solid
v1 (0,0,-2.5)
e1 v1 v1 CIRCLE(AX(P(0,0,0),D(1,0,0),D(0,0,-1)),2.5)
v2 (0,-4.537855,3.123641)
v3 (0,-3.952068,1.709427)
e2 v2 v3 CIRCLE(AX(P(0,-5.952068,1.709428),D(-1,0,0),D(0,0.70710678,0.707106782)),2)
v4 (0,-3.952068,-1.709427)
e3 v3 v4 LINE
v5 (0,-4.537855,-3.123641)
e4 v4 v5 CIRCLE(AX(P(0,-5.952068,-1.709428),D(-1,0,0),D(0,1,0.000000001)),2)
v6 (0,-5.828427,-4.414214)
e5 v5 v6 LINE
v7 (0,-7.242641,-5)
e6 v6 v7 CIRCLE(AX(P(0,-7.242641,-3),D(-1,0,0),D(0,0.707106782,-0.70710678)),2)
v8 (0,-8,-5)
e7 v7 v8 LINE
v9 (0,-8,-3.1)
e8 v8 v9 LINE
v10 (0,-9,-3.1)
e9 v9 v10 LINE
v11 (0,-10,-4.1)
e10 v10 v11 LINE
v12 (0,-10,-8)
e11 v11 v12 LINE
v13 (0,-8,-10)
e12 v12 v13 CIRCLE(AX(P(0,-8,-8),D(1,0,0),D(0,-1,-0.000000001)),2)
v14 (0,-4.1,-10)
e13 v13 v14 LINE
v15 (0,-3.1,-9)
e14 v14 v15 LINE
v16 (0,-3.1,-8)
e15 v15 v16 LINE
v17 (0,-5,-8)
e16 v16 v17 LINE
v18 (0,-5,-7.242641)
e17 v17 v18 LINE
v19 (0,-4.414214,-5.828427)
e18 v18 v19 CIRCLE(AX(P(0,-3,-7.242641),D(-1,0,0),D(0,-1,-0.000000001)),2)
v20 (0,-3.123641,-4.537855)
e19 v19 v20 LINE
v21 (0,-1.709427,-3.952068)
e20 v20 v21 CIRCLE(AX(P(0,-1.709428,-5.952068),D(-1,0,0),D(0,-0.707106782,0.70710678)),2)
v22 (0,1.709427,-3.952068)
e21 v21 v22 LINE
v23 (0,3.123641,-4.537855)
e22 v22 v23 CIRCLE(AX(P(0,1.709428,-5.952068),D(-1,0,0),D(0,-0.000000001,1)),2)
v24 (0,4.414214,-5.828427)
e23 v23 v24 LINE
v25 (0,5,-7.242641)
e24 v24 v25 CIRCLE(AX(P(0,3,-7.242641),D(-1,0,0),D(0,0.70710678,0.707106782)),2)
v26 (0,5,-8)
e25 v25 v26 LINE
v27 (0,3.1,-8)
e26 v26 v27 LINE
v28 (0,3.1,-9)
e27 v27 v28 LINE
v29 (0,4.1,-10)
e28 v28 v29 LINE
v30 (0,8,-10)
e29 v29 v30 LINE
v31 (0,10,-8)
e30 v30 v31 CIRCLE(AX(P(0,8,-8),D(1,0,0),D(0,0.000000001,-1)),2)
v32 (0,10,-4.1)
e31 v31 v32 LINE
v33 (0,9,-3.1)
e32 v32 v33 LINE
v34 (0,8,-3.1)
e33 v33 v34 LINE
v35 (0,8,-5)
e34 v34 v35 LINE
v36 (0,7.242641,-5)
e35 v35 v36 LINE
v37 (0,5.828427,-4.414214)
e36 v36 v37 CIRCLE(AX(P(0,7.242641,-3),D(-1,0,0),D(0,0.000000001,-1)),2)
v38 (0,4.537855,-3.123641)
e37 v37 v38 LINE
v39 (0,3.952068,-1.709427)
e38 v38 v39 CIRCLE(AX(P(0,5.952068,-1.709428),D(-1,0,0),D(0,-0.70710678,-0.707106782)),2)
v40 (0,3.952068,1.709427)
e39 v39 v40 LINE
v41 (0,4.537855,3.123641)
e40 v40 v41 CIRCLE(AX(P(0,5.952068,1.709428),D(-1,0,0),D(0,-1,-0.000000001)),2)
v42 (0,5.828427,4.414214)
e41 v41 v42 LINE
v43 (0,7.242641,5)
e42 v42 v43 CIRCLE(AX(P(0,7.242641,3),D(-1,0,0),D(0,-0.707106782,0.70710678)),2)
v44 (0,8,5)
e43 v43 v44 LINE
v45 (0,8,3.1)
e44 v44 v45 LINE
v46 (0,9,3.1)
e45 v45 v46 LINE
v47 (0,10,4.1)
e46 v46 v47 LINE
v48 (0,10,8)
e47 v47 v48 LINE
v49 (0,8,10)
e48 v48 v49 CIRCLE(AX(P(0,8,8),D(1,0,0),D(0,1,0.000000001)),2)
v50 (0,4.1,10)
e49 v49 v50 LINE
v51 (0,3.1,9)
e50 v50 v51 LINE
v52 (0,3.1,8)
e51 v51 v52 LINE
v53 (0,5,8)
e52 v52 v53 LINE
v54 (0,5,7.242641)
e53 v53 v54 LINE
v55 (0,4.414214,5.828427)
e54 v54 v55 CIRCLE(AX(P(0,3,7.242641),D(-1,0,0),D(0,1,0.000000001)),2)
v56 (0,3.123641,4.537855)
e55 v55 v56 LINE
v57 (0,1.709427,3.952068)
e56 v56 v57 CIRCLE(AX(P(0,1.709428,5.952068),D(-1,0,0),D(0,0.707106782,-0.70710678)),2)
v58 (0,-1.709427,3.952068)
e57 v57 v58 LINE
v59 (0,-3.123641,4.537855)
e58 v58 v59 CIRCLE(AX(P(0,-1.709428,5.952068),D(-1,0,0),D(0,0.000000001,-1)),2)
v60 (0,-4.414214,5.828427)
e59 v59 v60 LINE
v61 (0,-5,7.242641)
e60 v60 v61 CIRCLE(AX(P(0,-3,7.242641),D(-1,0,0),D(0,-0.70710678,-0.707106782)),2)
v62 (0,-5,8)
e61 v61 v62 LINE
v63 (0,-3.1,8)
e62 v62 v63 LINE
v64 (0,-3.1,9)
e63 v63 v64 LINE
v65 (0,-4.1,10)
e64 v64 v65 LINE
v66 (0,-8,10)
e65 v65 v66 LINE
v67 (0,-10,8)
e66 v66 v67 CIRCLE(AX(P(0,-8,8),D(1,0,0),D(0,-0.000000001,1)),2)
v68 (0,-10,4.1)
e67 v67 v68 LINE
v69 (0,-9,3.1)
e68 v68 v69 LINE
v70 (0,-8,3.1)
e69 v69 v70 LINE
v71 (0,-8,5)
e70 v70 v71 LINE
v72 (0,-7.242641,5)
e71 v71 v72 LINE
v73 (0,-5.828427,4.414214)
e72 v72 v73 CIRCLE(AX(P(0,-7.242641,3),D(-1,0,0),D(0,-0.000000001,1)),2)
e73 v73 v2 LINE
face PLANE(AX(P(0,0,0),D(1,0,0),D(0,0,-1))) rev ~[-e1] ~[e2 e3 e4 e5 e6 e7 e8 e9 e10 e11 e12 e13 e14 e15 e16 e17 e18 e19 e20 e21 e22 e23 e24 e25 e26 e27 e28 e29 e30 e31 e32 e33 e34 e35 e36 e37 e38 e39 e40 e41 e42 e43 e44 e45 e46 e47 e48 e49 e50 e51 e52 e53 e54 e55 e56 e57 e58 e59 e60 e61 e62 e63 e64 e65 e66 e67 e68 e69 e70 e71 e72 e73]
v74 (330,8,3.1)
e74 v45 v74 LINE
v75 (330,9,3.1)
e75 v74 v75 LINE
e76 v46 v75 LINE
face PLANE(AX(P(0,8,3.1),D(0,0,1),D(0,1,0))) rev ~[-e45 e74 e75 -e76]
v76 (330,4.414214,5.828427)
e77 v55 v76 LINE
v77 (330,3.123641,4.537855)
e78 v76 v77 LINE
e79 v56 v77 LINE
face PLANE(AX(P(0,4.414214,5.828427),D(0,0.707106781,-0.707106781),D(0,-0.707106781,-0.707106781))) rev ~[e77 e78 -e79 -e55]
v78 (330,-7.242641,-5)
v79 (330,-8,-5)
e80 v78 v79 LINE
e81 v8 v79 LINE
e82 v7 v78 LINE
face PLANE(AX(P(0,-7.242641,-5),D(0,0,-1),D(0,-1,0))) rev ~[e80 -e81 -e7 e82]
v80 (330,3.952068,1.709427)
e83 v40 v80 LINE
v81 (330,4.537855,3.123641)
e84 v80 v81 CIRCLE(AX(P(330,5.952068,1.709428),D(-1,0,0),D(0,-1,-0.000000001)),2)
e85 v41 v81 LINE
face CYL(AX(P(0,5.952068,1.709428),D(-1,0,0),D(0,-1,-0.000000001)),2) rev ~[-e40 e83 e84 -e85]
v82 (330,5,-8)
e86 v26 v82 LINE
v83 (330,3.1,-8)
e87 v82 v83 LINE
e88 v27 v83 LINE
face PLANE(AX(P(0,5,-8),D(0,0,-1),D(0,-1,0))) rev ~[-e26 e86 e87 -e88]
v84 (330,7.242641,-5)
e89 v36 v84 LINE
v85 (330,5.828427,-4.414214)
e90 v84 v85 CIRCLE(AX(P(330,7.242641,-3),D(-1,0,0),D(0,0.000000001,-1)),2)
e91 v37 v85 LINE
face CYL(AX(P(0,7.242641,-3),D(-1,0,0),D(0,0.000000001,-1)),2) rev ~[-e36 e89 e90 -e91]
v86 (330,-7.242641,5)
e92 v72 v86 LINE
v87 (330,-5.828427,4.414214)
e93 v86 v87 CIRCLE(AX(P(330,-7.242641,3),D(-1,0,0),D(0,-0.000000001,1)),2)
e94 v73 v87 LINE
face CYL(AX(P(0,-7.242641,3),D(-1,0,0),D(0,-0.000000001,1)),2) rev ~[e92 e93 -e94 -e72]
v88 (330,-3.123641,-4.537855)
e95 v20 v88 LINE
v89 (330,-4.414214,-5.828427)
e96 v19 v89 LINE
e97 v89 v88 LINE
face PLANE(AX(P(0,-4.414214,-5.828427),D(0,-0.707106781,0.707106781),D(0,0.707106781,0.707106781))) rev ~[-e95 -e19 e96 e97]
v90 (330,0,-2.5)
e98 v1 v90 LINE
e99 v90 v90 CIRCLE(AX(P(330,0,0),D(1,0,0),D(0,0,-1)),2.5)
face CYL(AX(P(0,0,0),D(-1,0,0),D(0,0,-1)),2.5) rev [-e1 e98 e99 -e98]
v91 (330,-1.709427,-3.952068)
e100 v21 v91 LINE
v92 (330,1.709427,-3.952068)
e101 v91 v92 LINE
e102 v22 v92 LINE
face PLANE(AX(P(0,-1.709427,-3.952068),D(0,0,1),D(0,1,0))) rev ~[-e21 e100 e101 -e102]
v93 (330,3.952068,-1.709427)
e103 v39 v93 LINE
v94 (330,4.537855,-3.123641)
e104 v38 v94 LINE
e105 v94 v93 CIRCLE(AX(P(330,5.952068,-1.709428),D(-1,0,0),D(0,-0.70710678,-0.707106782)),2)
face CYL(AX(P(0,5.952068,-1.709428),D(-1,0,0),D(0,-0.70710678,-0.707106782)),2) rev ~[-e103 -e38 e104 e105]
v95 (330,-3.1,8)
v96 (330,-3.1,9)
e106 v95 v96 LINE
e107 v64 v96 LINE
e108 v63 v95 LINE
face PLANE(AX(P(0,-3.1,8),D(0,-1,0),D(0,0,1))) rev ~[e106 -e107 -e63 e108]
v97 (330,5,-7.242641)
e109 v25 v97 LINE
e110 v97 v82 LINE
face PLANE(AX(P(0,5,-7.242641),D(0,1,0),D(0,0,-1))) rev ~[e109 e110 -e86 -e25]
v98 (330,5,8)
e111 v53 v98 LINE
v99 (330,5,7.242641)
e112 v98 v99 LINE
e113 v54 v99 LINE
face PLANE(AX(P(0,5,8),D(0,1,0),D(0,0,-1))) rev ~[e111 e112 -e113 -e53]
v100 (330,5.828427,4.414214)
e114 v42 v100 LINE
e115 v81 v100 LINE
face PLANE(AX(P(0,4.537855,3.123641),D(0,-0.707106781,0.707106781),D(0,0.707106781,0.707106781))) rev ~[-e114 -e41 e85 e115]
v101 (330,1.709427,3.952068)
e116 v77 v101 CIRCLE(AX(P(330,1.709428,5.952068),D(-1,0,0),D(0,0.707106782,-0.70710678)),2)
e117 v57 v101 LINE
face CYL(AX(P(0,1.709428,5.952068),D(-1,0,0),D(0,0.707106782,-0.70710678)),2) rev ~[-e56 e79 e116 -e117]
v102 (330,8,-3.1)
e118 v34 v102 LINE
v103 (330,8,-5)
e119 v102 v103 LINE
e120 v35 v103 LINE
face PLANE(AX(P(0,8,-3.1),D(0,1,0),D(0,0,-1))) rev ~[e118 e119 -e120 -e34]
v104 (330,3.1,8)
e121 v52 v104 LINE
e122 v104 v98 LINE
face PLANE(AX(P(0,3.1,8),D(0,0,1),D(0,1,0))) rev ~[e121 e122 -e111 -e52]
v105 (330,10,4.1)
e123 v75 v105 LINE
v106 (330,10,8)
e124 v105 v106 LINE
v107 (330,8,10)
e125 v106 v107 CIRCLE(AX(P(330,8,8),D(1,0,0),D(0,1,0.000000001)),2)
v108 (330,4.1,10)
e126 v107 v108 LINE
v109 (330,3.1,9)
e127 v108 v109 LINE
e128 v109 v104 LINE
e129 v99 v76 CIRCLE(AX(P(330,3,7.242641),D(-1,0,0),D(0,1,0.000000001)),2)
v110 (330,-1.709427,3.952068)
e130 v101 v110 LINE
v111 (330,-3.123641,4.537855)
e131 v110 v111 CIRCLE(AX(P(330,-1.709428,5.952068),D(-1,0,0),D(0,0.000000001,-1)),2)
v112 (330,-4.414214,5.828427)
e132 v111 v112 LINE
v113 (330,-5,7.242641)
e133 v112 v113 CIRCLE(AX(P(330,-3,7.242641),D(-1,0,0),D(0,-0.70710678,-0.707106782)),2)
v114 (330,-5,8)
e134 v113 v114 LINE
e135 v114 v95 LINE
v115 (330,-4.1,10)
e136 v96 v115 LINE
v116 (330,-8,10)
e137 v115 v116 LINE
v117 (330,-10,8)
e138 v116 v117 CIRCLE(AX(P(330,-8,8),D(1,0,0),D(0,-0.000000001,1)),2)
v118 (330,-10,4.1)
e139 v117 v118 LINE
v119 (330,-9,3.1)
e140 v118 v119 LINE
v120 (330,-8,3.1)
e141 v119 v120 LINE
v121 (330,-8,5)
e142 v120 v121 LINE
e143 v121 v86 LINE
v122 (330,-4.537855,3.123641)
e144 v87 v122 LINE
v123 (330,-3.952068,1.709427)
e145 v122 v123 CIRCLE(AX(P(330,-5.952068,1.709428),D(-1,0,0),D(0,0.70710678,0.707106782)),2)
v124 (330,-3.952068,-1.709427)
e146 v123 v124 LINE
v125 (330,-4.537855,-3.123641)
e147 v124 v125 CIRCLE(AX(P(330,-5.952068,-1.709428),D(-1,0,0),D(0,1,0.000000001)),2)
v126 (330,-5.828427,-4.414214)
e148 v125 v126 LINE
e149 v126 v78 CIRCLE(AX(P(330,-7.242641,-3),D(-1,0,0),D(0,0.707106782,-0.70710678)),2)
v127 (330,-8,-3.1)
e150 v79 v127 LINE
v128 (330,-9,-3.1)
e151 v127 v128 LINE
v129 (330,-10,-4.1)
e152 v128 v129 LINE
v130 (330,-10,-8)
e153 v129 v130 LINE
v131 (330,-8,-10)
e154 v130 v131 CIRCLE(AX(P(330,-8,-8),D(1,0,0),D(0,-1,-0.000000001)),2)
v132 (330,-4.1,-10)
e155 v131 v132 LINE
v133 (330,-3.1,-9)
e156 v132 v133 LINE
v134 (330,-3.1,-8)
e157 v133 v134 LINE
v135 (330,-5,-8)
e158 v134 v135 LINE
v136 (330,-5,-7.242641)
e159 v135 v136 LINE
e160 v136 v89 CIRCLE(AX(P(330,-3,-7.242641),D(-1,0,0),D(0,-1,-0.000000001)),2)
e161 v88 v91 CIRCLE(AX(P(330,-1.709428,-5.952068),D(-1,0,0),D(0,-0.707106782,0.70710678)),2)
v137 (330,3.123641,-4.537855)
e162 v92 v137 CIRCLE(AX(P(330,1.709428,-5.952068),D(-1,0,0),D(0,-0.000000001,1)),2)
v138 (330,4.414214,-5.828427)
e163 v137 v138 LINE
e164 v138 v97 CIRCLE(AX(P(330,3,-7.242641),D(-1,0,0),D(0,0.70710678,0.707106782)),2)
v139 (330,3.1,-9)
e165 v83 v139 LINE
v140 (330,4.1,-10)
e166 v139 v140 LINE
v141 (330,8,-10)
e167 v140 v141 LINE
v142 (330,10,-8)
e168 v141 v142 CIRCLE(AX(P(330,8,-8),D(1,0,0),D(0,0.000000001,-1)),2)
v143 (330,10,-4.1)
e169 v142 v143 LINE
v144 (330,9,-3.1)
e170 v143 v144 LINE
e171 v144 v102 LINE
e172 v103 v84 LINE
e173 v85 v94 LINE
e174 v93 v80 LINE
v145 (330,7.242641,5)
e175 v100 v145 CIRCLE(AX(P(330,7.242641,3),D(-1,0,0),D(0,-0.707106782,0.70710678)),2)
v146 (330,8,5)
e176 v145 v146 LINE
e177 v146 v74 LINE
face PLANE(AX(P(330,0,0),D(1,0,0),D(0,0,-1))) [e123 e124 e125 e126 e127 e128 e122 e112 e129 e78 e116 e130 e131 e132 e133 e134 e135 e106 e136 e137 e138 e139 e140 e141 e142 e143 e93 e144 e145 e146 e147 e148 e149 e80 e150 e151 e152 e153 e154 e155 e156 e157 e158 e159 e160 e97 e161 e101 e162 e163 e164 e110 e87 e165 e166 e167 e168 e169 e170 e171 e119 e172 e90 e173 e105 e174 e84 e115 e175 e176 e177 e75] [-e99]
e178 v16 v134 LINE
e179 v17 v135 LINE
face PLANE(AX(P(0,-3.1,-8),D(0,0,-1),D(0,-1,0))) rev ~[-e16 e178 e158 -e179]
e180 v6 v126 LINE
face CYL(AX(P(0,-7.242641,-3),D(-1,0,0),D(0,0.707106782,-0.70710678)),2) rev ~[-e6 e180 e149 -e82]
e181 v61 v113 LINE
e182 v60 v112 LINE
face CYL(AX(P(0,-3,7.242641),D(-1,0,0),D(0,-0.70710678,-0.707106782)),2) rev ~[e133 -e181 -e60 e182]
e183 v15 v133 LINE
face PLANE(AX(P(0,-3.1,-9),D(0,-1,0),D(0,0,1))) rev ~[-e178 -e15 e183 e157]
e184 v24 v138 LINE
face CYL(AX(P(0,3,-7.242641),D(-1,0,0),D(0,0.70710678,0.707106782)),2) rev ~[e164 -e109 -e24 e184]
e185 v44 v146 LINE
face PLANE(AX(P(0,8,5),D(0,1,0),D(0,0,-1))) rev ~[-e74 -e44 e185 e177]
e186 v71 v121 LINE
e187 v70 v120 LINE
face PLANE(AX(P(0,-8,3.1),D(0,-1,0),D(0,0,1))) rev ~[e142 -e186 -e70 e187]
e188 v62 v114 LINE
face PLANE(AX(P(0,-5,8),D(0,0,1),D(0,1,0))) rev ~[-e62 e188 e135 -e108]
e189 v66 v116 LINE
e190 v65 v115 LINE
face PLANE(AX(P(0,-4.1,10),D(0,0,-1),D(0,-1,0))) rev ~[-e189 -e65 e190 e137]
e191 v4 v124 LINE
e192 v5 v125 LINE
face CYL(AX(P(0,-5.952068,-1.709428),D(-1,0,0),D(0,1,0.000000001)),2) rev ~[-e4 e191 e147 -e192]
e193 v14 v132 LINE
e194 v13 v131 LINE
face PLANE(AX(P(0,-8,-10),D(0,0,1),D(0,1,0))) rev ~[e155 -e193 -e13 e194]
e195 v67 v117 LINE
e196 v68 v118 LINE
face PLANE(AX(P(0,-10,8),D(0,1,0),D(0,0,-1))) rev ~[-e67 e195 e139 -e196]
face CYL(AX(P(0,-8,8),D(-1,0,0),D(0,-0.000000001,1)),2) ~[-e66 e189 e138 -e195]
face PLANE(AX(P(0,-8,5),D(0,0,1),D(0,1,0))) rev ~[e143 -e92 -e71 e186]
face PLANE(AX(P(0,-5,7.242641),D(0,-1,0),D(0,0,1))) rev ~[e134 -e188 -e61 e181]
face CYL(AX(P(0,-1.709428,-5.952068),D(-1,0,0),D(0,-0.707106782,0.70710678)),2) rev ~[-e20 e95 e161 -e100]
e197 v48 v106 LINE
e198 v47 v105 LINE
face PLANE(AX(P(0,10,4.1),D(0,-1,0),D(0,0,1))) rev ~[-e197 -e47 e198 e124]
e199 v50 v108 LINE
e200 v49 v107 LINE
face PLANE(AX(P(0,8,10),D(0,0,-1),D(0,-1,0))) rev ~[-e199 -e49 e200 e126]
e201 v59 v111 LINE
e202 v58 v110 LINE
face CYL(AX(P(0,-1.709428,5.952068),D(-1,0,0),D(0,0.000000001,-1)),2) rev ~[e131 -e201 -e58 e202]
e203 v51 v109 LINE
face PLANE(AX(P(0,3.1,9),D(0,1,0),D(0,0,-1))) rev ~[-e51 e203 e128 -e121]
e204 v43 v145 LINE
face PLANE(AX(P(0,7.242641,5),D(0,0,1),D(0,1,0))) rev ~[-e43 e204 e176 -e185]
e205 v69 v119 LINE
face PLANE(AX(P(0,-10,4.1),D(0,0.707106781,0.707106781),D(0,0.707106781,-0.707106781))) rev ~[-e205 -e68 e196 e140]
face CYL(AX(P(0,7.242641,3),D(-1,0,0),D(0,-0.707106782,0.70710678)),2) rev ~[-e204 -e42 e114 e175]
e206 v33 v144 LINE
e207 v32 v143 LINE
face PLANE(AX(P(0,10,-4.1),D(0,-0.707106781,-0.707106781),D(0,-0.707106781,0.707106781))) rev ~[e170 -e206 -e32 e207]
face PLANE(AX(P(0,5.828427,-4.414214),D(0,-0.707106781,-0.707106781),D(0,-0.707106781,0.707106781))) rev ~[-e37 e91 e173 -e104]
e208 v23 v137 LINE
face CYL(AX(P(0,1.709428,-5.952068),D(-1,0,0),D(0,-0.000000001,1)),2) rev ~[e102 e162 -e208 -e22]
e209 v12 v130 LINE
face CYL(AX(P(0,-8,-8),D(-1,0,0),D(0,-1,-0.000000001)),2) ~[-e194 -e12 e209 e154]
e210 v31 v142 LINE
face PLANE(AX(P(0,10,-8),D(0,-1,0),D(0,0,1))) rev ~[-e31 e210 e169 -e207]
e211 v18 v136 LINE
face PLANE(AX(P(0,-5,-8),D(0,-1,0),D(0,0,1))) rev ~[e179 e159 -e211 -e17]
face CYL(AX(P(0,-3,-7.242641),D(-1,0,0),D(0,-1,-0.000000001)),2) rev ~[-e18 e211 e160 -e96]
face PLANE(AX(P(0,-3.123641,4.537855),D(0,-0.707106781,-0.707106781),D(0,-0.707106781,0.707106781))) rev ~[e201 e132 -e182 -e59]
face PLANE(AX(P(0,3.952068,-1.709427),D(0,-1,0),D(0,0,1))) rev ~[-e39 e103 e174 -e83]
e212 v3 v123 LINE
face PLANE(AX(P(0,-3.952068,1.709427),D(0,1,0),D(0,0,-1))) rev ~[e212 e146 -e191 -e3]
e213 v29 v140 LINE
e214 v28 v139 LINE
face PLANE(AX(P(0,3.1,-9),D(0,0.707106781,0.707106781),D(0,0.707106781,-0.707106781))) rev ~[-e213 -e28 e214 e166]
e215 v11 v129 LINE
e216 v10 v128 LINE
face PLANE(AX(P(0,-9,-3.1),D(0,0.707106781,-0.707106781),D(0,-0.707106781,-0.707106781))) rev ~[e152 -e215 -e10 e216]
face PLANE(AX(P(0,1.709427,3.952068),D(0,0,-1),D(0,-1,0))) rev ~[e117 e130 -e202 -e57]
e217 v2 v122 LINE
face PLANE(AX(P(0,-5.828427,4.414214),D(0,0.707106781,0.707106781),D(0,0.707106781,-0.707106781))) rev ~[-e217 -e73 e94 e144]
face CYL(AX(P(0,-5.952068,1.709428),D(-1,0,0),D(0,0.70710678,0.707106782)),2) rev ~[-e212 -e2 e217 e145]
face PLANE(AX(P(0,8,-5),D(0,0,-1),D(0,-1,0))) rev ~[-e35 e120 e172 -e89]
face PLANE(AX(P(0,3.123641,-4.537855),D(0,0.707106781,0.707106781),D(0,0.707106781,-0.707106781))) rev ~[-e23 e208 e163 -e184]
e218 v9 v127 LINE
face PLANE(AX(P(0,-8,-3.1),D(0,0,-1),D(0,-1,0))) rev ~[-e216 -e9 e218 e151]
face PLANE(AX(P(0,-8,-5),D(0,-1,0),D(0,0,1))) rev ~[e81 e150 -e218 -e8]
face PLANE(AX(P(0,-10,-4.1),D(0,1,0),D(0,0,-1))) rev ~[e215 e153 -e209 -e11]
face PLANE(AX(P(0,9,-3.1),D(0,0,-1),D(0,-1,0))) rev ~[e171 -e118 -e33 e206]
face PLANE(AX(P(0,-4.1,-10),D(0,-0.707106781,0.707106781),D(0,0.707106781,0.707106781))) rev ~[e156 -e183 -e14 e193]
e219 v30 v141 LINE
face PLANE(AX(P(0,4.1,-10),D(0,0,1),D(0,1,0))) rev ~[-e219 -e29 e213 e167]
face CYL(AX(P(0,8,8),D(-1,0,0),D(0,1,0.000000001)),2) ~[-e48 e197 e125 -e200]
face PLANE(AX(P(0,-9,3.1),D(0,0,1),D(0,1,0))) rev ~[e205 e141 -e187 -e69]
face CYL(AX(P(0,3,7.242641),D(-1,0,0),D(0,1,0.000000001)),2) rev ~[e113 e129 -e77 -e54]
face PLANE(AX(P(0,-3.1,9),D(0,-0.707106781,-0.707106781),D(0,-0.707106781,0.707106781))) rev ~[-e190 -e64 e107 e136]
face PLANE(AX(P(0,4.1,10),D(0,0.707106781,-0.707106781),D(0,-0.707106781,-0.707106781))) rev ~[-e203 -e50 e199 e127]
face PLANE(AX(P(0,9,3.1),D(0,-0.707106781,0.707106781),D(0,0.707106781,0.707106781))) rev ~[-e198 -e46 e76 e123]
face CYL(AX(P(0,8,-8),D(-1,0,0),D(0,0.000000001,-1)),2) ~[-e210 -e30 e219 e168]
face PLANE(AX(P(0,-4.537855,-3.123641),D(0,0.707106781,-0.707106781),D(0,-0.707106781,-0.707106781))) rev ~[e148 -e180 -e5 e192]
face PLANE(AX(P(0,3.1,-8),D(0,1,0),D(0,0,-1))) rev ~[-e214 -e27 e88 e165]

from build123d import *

# Parameters (mm, degrees)
SKETCH1_R           = 2.5
BOSS_EXTRUDE1_DEPTH = 330


with BuildPart() as part:
    # Sketch1 → Boss-Extrude1 (new body)
    with BuildSketch(Plane(origin=(0, 0, 0), x_dir=(0, 0, -1), z_dir=(1, 0, 0))):
        with BuildLine():
            Line((-4.1, 10), (-8, 10))
            ThreePointArc((-8, 10), (-9.414213562, 9.414213562), (-10, 8))
            Line((-10, 8), (-10, 4.1))
            Line((-10, 4.1), (-9, 3.1))
            Line((-9, 3.1), (-8, 3.1))
            Line((-8, 3.1), (-8, 5))
            Line((-8, 5), (-7.242640687, 5))
            ThreePointArc((-7.242640687, 5), (-6.477273822, 4.847759065), (-5.828427125, 4.414213562))
            Line((-5.828427125, 4.414213562), (-4.537854624, 3.123641061))
            ThreePointArc((-4.537854624, 3.123641061), (-4.104309121, 2.474794364), (-3.952068186, 1.709427499))
            Line((-3.952068186, 1.709427499), (-3.952068186, -1.709427499))
            ThreePointArc((-3.952068186, -1.709427499), (-4.104309121, -2.474794364), (-4.537854624, -3.123641061))
            Line((-4.537854624, -3.123641061), (-5.828427125, -4.414213562))
            ThreePointArc((-5.828427125, -4.414213562), (-6.477273822, -4.847759065), (-7.242640687, -5))
            Line((-7.242640687, -5), (-8, -5))
            Line((-8, -5), (-8, -3.1))
            Line((-8, -3.1), (-9, -3.1))
            Line((-9, -3.1), (-10, -4.1))
            Line((-10, -4.1), (-10, -8))
            ThreePointArc((-10, -8), (-9.414213562, -9.414213562), (-8, -10))
            Line((-8, -10), (-4.1, -10))
            Line((-4.1, -10), (-3.1, -9))
            Line((-3.1, -9), (-3.1, -8))
            Line((-3.1, -8), (-5, -8))
            Line((-5, -8), (-5, -7.242640687))
            ThreePointArc((-5, -7.242640687), (-4.847759065, -6.477273822), (-4.414213562, -5.828427125))
            Line((-4.414213562, -5.828427125), (-3.123641061, -4.537854624))
            ThreePointArc((-3.123641061, -4.537854624), (-2.474794364, -4.104309121), (-1.709427499, -3.952068186))
            Line((-1.709427499, -3.952068186), (1.709427499, -3.952068186))
            ThreePointArc((1.709427499, -3.952068186), (2.474794364, -4.104309121), (3.123641061, -4.537854624))
            Line((3.123641061, -4.537854624), (4.414213562, -5.828427125))
            ThreePointArc((4.414213562, -5.828427125), (4.847759065, -6.477273822), (5, -7.242640687))
            Line((5, -7.242640687), (5, -8))
            Line((5, -8), (3.1, -8))
            Line((3.1, -8), (3.1, -9))
            Line((3.1, -9), (4.1, -10))
            Line((4.1, -10), (8, -10))
            ThreePointArc((8, -10), (9.414213562, -9.414213562), (10, -8))
            Line((10, -8), (10, -4.1))
            Line((10, -4.1), (9, -3.1))
            Line((9, -3.1), (8, -3.1))
            Line((8, -3.1), (8, -5))
            Line((8, -5), (7.242640687, -5))
            ThreePointArc((7.242640687, -5), (6.477273822, -4.847759065), (5.828427125, -4.414213562))
            Line((5.828427125, -4.414213562), (4.537854624, -3.123641061))
            ThreePointArc((4.537854624, -3.123641061), (4.104309121, -2.474794364), (3.952068186, -1.709427499))
            Line((3.952068186, -1.709427499), (3.952068186, 1.709427499))
            ThreePointArc((3.952068186, 1.709427499), (4.104309121, 2.474794364), (4.537854624, 3.123641061))
            Line((4.537854624, 3.123641061), (5.828427125, 4.414213562))
            ThreePointArc((5.828427125, 4.414213562), (6.477273822, 4.847759065), (7.242640687, 5))
            Line((7.242640687, 5), (8, 5))
            Line((8, 5), (8, 3.1))
            Line((8, 3.1), (9, 3.1))
            Line((9, 3.1), (10, 4.1))
            Line((10, 4.1), (10, 8))
            ThreePointArc((10, 8), (9.414213562, 9.414213562), (8, 10))
            Line((8, 10), (4.1, 10))
            Line((4.1, 10), (3.1, 9))
            Line((3.1, 9), (3.1, 8))
            Line((3.1, 8), (5, 8))
            Line((5, 8), (5, 7.242640687))
            ThreePointArc((5, 7.242640687), (4.847759065, 6.477273822), (4.414213562, 5.828427125))
            Line((4.414213562, 5.828427125), (3.123641061, 4.537854624))
            ThreePointArc((3.123641061, 4.537854624), (2.474794364, 4.104309121), (1.709427499, 3.952068186))
            Line((1.709427499, 3.952068186), (-1.709427499, 3.952068186))
            ThreePointArc((-1.709427499, 3.952068186), (-2.474794364, 4.104309121), (-3.123641061, 4.537854624))
            Line((-3.123641061, 4.537854624), (-4.414213562, 5.828427125))
            ThreePointArc((-4.414213562, 5.828427125), (-4.847759065, 6.477273822), (-5, 7.242640687))
            Line((-5, 7.242640687), (-5, 8))
            Line((-5, 8), (-3.1, 8))
            Line((-3.1, 8), (-3.1, 9))
            Line((-3.1, 9), (-4.1, 10))
        make_face()
        Circle(SKETCH1_R, mode=Mode.SUBTRACT)
    extrude(amount=BOSS_EXTRUDE1_DEPTH)


solid = part.part
